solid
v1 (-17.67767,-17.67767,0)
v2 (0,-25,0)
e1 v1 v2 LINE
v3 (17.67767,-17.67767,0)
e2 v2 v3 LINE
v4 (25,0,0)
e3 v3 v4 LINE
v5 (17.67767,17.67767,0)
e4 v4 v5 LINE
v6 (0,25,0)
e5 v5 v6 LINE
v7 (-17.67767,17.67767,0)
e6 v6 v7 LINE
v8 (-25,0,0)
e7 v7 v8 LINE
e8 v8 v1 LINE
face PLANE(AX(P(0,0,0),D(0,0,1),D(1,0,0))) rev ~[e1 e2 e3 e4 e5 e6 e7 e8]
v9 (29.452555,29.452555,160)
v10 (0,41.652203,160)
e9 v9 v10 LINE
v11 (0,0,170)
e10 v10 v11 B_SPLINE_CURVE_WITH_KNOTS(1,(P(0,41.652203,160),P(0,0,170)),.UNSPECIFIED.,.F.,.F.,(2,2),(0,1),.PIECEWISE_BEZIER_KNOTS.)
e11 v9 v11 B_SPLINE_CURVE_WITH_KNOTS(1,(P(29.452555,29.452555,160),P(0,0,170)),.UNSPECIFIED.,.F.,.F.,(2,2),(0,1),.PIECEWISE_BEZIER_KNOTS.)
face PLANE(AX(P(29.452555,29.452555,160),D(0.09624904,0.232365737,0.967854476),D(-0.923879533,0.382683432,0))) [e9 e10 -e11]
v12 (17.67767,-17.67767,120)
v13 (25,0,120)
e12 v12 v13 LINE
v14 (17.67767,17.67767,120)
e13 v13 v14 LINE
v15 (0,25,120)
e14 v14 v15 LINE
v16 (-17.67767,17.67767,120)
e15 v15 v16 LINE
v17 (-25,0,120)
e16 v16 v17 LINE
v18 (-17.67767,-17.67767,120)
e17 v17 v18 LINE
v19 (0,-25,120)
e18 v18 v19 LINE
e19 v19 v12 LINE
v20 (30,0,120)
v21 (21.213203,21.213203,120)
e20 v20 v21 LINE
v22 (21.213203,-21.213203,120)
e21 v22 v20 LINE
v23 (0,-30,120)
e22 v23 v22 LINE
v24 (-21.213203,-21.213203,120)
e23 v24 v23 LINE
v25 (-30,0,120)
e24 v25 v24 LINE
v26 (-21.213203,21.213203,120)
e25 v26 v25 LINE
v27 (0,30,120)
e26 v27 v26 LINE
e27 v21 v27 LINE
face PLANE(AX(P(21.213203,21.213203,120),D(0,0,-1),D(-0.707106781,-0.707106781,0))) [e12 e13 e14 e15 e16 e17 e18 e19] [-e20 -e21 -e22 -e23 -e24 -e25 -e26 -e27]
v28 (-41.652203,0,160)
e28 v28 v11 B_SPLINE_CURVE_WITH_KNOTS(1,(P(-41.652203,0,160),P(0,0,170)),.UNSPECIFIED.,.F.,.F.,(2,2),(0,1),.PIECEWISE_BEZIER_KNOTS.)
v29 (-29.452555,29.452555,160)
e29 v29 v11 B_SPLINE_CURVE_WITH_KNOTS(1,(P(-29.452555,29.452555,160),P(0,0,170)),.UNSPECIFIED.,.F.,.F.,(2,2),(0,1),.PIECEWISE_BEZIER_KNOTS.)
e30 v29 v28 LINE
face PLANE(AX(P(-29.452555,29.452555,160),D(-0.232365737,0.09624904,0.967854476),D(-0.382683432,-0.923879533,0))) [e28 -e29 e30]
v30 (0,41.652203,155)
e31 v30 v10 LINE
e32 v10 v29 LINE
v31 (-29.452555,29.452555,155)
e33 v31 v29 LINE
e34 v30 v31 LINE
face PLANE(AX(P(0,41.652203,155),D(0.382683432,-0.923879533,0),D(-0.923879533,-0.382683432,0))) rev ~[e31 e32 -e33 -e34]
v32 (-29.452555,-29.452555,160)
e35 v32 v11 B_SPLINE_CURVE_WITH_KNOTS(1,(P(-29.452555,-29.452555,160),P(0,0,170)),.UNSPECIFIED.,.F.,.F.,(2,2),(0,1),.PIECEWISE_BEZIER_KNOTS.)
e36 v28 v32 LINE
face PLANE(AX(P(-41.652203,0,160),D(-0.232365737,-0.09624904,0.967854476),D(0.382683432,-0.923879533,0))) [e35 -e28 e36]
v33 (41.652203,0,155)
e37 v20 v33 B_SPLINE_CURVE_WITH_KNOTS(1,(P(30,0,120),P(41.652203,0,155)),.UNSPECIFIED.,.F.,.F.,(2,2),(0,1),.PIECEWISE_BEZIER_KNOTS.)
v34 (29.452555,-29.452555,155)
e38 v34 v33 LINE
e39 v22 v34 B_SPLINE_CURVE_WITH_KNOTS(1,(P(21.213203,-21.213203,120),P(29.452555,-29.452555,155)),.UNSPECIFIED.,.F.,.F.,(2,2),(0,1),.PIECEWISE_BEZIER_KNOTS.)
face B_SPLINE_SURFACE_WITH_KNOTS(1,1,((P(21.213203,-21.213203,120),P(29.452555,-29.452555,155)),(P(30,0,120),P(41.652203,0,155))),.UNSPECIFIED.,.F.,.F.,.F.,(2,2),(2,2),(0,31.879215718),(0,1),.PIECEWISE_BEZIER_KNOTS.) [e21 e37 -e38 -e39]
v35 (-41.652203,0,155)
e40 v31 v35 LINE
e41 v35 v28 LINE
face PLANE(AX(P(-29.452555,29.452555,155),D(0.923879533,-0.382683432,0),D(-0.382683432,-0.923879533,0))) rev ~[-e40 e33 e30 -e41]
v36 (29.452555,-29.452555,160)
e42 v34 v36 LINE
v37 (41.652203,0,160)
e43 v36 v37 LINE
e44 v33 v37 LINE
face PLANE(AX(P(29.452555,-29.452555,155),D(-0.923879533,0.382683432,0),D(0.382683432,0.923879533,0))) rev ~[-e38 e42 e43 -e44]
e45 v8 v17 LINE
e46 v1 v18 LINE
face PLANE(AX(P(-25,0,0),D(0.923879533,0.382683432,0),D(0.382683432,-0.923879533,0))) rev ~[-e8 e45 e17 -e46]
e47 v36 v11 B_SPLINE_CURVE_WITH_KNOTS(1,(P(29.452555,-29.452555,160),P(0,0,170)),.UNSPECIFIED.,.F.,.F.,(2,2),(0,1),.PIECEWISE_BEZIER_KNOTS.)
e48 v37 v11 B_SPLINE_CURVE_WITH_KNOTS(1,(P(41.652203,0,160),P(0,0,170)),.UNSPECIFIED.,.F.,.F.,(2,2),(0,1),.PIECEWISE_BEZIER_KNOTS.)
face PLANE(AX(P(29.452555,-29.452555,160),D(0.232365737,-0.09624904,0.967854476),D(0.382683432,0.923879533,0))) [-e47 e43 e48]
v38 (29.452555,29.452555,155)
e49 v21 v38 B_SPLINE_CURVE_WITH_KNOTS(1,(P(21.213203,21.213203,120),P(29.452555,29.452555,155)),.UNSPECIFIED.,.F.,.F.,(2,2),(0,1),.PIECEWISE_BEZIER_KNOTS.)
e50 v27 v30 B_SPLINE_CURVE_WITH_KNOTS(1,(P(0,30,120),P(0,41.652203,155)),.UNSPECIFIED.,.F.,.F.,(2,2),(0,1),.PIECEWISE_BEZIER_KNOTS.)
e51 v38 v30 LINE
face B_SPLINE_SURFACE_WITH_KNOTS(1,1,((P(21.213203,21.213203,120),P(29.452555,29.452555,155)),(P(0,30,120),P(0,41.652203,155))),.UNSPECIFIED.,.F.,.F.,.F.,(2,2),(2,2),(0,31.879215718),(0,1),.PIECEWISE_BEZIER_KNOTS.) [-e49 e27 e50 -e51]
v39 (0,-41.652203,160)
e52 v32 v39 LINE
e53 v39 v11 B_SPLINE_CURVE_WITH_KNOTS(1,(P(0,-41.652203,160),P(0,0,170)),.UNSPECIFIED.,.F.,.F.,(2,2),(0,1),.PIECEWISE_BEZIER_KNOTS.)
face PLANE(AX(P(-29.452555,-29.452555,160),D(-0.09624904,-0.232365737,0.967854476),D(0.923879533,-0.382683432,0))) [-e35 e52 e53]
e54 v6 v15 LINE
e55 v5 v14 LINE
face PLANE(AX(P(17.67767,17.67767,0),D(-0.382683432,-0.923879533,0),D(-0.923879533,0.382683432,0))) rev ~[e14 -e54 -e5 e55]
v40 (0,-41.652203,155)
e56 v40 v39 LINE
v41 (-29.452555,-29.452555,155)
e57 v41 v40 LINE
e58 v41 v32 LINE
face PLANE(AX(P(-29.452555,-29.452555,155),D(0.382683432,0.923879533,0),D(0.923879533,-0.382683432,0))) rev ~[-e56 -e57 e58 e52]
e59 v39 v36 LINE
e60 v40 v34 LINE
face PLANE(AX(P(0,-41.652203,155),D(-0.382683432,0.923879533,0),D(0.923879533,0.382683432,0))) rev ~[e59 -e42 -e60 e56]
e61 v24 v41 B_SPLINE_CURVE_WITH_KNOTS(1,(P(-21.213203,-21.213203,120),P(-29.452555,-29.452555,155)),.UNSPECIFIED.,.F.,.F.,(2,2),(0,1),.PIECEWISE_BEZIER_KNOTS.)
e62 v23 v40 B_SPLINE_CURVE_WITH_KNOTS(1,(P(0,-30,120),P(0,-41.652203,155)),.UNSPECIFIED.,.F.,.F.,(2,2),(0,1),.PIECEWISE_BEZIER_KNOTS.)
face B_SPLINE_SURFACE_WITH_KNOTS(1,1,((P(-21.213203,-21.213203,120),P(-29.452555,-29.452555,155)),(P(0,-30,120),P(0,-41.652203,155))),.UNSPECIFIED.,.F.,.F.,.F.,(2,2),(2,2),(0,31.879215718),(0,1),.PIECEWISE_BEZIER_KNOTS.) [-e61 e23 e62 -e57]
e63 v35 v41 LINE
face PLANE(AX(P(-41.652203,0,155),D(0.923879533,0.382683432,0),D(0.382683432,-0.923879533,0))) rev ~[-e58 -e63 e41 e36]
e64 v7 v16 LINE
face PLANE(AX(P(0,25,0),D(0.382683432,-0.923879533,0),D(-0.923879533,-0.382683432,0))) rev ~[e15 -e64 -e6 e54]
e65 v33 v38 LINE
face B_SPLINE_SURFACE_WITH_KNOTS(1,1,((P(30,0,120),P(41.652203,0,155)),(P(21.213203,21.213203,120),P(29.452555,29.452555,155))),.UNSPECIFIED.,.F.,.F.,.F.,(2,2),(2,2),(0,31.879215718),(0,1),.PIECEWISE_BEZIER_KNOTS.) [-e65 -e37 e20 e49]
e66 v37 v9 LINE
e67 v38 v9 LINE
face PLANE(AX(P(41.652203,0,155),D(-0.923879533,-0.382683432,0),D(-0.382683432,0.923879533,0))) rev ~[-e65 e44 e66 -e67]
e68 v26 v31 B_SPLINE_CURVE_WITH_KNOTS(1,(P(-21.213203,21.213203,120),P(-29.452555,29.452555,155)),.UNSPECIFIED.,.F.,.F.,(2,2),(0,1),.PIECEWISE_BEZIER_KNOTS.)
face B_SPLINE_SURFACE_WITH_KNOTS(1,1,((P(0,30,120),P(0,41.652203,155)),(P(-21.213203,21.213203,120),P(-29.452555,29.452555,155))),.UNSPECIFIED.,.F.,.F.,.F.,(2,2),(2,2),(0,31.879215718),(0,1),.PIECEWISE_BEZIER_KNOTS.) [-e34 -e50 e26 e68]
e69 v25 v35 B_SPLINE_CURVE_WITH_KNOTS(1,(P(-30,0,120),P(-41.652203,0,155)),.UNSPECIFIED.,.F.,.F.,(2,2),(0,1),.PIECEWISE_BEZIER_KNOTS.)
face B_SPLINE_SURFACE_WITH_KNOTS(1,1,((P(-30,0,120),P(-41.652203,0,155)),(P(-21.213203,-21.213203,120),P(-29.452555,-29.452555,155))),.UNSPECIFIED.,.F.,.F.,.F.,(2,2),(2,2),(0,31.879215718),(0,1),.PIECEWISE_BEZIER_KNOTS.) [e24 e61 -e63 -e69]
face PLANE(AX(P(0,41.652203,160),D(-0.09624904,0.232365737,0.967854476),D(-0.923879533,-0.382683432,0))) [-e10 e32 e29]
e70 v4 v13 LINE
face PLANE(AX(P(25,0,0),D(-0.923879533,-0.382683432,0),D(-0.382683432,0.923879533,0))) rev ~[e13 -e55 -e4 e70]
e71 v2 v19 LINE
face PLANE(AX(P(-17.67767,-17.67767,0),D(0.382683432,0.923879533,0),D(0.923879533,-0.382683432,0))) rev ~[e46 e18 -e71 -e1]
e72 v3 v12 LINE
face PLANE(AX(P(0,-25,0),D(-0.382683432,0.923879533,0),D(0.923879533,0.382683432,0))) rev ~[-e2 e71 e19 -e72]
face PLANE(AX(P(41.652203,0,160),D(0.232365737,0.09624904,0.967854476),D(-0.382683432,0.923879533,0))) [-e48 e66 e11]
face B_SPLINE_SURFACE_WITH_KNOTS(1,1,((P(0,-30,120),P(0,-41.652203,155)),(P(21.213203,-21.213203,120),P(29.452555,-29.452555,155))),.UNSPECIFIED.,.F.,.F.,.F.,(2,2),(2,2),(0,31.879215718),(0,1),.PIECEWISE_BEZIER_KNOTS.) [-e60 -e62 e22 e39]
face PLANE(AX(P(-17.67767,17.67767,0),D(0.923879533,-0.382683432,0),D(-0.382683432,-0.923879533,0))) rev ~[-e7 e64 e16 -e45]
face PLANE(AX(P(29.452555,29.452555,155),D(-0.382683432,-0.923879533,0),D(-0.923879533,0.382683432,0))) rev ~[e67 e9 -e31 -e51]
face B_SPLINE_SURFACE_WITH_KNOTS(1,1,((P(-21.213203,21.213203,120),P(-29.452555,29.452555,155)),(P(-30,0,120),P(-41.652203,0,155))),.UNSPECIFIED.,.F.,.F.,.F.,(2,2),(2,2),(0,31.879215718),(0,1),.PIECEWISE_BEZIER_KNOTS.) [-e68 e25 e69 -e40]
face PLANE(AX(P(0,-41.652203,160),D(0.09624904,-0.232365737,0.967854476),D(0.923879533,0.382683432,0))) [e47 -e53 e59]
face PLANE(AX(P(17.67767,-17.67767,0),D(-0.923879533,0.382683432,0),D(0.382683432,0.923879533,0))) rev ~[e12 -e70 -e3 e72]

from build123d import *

# Parameters (mm, degrees)
F5_DEPTH = 120
F9_DEPTH = 5


with BuildPart() as f5:
    # F4 (on Top) → F5 (new body, through all)
    with BuildSketch(Plane.XY):
        Polygon((17.6776695297, 17.6776695297), (0, 25), (-17.6776695297, 17.6776695297), (-25, 0), (-17.6776695297, -17.6776695297), (0, -25), (17.6776695297, -17.6776695297), (25, 0), align=None)
    extrude(amount=F5_DEPTH)

    # F6 (on offset) → F8 section 0
    with BuildSketch(Plane.XY.offset(120)):
        Polygon((21.2132034356, 21.2132034356), (0, 30), (-21.2132034356, 21.2132034356), (-30, 0), (-21.2132034356, -21.2132034356), (0, -30), (21.2132034356, -21.2132034356), (30, 0), align=None)
    # F7 (on offset) → F8 section 1
    with BuildSketch(Plane.XY.offset(155)):
        Polygon((29.4525549142, 29.4525549142), (0, 41.6522026062), (-29.4525549142, 29.4525549142), (-41.6522026062, 0), (-29.4525549142, -29.4525549142), (0, -41.6522026062), (29.4525549142, -29.4525549142), (41.6522026062, 0), align=None)
    loft()

    # F9 (add, through all): a face of the model
    f9_faces = [f5.faces().sort_by_distance(p)[0] for p in [
        (0, 0, 155),
    ]]
    extrude(f9_faces, amount=F9_DEPTH)

    # F9_face (on face) → F11 section 0
    with BuildSketch(Plane.XY.offset(160), mode=Mode.PRIVATE) as f11_s0:
        Polygon((29.4525549142, -29.4525549142), (41.6522026062, 0), (29.4525549142, 29.4525549142), (0, 41.6522026062), (-29.4525549142, 29.4525549142), (-41.6522026062, 0), (-29.4525549142, -29.4525549142), (0, -41.6522026062), align=None)
    loft([f11_s0.sketch, Vertex(0, 0, 170)])


solid = f5.part
